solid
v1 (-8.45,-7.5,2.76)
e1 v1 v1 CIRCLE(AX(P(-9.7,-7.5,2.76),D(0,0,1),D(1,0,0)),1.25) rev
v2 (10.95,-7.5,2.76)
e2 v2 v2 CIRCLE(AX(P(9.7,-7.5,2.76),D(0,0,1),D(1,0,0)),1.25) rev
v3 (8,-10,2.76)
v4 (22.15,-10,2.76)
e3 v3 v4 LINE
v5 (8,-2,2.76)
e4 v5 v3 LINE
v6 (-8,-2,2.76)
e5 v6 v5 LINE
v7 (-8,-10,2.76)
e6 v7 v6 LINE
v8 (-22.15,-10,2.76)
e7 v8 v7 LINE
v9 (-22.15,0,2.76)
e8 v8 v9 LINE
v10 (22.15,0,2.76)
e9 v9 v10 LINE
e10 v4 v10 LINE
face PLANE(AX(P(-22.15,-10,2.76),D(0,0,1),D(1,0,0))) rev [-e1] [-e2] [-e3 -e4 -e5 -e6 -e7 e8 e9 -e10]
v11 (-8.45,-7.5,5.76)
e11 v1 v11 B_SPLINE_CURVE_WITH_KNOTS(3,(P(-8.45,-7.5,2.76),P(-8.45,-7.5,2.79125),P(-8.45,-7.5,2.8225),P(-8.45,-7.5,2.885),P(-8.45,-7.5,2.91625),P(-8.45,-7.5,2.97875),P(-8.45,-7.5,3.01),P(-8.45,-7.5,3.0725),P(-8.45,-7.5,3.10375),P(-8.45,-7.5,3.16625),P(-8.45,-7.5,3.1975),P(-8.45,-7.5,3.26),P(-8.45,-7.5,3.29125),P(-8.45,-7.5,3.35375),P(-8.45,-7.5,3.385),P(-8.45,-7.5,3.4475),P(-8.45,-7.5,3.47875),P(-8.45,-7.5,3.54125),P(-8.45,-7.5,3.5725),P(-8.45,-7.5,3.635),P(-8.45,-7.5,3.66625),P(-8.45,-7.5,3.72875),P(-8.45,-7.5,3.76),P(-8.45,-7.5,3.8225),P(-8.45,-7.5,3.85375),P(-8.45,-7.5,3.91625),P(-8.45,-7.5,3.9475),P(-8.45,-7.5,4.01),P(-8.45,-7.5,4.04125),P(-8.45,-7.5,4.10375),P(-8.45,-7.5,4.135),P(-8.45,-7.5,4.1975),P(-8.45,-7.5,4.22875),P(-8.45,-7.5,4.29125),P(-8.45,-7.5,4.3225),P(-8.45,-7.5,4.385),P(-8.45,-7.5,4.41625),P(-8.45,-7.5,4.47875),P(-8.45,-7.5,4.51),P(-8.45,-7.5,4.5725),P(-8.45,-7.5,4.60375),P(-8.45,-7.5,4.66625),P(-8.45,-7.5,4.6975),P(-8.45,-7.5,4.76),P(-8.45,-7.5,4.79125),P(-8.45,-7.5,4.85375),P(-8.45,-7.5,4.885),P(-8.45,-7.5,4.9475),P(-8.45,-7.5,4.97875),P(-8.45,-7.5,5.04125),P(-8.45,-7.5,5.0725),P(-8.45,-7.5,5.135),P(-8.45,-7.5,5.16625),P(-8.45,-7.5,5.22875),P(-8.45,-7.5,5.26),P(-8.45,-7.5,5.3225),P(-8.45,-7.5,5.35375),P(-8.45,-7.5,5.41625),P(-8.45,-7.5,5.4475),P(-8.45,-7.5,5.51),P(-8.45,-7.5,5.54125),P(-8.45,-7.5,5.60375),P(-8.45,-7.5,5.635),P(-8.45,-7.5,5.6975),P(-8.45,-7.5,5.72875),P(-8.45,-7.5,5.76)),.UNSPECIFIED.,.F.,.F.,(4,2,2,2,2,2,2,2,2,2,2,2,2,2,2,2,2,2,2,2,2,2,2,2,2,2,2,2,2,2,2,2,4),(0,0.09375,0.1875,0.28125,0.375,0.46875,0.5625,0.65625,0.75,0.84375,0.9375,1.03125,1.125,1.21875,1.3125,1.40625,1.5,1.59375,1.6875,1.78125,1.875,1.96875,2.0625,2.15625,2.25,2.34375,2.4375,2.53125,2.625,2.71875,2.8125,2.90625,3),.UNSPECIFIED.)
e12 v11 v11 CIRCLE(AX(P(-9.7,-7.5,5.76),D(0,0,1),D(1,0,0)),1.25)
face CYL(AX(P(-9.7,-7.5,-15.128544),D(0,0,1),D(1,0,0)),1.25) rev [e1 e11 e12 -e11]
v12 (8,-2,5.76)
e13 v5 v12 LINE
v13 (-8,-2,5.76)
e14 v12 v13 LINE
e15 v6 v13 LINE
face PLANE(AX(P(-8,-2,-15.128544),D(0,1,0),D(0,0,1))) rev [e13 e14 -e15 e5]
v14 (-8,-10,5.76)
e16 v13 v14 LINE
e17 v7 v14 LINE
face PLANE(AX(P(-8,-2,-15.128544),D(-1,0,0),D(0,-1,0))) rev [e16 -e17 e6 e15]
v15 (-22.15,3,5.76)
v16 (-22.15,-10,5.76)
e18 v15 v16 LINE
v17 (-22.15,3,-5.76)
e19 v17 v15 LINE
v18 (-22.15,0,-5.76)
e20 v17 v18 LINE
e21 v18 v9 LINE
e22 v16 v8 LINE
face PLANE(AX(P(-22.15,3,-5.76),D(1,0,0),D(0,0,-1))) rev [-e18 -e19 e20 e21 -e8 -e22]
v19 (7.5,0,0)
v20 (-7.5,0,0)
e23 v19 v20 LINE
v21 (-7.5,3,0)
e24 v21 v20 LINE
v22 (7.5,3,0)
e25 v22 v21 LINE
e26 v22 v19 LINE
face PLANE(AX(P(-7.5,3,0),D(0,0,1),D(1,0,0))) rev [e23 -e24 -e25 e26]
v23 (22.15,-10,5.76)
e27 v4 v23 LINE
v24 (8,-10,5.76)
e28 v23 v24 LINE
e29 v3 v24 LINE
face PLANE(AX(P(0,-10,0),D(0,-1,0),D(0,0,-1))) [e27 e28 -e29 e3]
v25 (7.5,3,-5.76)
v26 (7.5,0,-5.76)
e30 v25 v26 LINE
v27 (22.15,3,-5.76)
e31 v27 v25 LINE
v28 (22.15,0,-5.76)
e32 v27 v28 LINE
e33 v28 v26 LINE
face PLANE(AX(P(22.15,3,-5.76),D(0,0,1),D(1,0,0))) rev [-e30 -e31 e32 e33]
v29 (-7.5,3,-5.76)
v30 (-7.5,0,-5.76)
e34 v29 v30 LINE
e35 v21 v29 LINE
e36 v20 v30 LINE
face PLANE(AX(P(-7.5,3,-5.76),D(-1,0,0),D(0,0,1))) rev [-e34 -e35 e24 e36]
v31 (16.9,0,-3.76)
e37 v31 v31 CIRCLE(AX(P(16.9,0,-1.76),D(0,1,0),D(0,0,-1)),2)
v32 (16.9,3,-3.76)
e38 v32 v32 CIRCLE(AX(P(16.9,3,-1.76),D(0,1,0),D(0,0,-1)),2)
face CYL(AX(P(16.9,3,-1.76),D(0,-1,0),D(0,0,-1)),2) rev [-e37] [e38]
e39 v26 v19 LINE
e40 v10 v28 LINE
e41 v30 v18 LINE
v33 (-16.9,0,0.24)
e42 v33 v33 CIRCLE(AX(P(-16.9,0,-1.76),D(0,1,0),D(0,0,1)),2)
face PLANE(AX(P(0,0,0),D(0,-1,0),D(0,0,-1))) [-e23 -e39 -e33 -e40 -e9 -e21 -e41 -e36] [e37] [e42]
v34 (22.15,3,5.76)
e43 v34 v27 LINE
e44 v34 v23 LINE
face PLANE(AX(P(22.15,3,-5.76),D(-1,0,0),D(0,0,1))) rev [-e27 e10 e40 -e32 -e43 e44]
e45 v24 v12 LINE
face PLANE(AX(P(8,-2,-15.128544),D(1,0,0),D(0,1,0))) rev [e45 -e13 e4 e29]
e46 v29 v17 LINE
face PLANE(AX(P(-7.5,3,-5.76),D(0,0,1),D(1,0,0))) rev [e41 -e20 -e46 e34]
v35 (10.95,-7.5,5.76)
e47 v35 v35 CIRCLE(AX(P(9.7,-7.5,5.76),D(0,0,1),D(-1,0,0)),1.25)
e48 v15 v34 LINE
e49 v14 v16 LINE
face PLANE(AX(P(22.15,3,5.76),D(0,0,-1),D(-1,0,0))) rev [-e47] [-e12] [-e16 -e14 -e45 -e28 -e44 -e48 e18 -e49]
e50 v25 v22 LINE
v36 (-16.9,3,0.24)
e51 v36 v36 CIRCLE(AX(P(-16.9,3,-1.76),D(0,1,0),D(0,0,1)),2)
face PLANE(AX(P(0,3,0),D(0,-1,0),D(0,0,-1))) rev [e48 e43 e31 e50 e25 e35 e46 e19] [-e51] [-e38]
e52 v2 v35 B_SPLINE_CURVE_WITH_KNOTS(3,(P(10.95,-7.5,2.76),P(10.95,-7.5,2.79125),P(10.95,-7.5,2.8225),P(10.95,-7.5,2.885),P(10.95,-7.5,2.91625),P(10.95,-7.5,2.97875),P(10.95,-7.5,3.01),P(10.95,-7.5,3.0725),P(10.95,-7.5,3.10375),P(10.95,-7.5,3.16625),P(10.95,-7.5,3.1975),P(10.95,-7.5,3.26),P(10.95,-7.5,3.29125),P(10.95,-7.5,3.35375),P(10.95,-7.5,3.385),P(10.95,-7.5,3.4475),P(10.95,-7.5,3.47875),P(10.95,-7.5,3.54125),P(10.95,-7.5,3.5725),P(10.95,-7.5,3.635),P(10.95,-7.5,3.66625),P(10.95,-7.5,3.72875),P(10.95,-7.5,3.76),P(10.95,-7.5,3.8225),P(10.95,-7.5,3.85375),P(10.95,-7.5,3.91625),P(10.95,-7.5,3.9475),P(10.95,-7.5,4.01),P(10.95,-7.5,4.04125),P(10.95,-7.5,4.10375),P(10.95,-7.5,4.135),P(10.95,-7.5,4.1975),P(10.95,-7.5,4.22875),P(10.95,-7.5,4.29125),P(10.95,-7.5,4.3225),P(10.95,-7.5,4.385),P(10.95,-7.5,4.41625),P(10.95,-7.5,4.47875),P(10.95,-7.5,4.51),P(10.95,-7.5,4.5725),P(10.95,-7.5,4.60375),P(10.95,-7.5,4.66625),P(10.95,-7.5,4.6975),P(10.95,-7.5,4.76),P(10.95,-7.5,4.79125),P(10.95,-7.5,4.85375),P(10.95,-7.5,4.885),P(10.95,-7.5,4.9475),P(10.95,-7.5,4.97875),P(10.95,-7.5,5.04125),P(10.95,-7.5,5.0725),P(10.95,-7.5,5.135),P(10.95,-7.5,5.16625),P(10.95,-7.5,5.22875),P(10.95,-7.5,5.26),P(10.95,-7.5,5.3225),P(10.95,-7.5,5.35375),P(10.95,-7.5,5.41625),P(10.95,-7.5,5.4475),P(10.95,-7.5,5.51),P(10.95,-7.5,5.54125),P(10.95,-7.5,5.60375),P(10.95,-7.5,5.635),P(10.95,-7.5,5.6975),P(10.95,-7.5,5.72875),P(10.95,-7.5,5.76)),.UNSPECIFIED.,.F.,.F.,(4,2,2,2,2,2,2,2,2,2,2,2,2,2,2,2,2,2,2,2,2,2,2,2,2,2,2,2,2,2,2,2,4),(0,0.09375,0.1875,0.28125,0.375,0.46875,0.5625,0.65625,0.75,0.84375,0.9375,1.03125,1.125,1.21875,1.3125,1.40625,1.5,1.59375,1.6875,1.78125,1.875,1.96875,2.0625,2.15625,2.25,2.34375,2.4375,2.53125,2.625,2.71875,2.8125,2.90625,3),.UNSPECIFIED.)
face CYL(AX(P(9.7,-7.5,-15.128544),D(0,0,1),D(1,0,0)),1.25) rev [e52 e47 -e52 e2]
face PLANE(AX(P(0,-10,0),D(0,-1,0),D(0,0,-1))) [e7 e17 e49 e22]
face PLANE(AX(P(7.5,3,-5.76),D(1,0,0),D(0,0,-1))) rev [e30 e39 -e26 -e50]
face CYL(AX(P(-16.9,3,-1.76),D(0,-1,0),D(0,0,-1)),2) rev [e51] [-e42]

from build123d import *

# Parameters (mm, degrees)
ESBO_O1_R                = 2
RESSALTO_EXTRUS_O1_DEPTH = 3
ESBO_O2_W                = 44.3
ESBO_O2_H                = 3
RESSALTO_EXTRUS_O2_DEPTH = 10
ESBO_O3_R                = 1.25
ESBO_O3_W                = 16
ESBO_O3_H                = 8
CORTE_EXTRUS_O1_DEPTH    = 3


with BuildPart() as part:
    # Esboço1 → Ressalto-extrusão1 (new body)
    with BuildSketch(Plane(origin=(0, 0, 0), x_dir=(1, 0, 0), z_dir=(0, 1, 0))):
        Polygon((22.15, 5.76), (7.5, 5.76), (7.5, 0), (-7.5, 0), (-7.5, 5.76), (-22.15, 5.76), (-22.15, -5.76), (22.15, -5.76), align=None)
        with Locations(Location((-16.9, 1.76, 0), (0, 0, 270))):
            Circle(ESBO_O1_R, mode=Mode.SUBTRACT)
        with Locations(Location((16.9, 1.76, 0), (0, 0, 90))):
            Circle(ESBO_O1_R, mode=Mode.SUBTRACT)
    extrude(amount=RESSALTO_EXTRUS_O1_DEPTH)

    # Esboço2 → Ressalto-extrusão2 (add)
    with BuildSketch(Plane(origin=(0, 0, 0), x_dir=(-1, 0, 0), z_dir=(0, -1, 0))):
        with Locations((0, -4.26)):
            Rectangle(ESBO_O2_W, ESBO_O2_H)
    extrude(amount=RESSALTO_EXTRUS_O2_DEPTH)

    # Esboço3 → Corte-extrusão1 (cut)
    with BuildSketch(Plane.XY.offset(5.76)):
        with Locations((-9.7, -7.5)):
            Circle(ESBO_O3_R)
        with Locations((9.7, -7.5)):
            Circle(ESBO_O3_R)
        with Locations((0, -6)):
            Rectangle(ESBO_O3_W, ESBO_O3_H)
    extrude(amount=-CORTE_EXTRUS_O1_DEPTH, mode=Mode.SUBTRACT)


solid = part.part
